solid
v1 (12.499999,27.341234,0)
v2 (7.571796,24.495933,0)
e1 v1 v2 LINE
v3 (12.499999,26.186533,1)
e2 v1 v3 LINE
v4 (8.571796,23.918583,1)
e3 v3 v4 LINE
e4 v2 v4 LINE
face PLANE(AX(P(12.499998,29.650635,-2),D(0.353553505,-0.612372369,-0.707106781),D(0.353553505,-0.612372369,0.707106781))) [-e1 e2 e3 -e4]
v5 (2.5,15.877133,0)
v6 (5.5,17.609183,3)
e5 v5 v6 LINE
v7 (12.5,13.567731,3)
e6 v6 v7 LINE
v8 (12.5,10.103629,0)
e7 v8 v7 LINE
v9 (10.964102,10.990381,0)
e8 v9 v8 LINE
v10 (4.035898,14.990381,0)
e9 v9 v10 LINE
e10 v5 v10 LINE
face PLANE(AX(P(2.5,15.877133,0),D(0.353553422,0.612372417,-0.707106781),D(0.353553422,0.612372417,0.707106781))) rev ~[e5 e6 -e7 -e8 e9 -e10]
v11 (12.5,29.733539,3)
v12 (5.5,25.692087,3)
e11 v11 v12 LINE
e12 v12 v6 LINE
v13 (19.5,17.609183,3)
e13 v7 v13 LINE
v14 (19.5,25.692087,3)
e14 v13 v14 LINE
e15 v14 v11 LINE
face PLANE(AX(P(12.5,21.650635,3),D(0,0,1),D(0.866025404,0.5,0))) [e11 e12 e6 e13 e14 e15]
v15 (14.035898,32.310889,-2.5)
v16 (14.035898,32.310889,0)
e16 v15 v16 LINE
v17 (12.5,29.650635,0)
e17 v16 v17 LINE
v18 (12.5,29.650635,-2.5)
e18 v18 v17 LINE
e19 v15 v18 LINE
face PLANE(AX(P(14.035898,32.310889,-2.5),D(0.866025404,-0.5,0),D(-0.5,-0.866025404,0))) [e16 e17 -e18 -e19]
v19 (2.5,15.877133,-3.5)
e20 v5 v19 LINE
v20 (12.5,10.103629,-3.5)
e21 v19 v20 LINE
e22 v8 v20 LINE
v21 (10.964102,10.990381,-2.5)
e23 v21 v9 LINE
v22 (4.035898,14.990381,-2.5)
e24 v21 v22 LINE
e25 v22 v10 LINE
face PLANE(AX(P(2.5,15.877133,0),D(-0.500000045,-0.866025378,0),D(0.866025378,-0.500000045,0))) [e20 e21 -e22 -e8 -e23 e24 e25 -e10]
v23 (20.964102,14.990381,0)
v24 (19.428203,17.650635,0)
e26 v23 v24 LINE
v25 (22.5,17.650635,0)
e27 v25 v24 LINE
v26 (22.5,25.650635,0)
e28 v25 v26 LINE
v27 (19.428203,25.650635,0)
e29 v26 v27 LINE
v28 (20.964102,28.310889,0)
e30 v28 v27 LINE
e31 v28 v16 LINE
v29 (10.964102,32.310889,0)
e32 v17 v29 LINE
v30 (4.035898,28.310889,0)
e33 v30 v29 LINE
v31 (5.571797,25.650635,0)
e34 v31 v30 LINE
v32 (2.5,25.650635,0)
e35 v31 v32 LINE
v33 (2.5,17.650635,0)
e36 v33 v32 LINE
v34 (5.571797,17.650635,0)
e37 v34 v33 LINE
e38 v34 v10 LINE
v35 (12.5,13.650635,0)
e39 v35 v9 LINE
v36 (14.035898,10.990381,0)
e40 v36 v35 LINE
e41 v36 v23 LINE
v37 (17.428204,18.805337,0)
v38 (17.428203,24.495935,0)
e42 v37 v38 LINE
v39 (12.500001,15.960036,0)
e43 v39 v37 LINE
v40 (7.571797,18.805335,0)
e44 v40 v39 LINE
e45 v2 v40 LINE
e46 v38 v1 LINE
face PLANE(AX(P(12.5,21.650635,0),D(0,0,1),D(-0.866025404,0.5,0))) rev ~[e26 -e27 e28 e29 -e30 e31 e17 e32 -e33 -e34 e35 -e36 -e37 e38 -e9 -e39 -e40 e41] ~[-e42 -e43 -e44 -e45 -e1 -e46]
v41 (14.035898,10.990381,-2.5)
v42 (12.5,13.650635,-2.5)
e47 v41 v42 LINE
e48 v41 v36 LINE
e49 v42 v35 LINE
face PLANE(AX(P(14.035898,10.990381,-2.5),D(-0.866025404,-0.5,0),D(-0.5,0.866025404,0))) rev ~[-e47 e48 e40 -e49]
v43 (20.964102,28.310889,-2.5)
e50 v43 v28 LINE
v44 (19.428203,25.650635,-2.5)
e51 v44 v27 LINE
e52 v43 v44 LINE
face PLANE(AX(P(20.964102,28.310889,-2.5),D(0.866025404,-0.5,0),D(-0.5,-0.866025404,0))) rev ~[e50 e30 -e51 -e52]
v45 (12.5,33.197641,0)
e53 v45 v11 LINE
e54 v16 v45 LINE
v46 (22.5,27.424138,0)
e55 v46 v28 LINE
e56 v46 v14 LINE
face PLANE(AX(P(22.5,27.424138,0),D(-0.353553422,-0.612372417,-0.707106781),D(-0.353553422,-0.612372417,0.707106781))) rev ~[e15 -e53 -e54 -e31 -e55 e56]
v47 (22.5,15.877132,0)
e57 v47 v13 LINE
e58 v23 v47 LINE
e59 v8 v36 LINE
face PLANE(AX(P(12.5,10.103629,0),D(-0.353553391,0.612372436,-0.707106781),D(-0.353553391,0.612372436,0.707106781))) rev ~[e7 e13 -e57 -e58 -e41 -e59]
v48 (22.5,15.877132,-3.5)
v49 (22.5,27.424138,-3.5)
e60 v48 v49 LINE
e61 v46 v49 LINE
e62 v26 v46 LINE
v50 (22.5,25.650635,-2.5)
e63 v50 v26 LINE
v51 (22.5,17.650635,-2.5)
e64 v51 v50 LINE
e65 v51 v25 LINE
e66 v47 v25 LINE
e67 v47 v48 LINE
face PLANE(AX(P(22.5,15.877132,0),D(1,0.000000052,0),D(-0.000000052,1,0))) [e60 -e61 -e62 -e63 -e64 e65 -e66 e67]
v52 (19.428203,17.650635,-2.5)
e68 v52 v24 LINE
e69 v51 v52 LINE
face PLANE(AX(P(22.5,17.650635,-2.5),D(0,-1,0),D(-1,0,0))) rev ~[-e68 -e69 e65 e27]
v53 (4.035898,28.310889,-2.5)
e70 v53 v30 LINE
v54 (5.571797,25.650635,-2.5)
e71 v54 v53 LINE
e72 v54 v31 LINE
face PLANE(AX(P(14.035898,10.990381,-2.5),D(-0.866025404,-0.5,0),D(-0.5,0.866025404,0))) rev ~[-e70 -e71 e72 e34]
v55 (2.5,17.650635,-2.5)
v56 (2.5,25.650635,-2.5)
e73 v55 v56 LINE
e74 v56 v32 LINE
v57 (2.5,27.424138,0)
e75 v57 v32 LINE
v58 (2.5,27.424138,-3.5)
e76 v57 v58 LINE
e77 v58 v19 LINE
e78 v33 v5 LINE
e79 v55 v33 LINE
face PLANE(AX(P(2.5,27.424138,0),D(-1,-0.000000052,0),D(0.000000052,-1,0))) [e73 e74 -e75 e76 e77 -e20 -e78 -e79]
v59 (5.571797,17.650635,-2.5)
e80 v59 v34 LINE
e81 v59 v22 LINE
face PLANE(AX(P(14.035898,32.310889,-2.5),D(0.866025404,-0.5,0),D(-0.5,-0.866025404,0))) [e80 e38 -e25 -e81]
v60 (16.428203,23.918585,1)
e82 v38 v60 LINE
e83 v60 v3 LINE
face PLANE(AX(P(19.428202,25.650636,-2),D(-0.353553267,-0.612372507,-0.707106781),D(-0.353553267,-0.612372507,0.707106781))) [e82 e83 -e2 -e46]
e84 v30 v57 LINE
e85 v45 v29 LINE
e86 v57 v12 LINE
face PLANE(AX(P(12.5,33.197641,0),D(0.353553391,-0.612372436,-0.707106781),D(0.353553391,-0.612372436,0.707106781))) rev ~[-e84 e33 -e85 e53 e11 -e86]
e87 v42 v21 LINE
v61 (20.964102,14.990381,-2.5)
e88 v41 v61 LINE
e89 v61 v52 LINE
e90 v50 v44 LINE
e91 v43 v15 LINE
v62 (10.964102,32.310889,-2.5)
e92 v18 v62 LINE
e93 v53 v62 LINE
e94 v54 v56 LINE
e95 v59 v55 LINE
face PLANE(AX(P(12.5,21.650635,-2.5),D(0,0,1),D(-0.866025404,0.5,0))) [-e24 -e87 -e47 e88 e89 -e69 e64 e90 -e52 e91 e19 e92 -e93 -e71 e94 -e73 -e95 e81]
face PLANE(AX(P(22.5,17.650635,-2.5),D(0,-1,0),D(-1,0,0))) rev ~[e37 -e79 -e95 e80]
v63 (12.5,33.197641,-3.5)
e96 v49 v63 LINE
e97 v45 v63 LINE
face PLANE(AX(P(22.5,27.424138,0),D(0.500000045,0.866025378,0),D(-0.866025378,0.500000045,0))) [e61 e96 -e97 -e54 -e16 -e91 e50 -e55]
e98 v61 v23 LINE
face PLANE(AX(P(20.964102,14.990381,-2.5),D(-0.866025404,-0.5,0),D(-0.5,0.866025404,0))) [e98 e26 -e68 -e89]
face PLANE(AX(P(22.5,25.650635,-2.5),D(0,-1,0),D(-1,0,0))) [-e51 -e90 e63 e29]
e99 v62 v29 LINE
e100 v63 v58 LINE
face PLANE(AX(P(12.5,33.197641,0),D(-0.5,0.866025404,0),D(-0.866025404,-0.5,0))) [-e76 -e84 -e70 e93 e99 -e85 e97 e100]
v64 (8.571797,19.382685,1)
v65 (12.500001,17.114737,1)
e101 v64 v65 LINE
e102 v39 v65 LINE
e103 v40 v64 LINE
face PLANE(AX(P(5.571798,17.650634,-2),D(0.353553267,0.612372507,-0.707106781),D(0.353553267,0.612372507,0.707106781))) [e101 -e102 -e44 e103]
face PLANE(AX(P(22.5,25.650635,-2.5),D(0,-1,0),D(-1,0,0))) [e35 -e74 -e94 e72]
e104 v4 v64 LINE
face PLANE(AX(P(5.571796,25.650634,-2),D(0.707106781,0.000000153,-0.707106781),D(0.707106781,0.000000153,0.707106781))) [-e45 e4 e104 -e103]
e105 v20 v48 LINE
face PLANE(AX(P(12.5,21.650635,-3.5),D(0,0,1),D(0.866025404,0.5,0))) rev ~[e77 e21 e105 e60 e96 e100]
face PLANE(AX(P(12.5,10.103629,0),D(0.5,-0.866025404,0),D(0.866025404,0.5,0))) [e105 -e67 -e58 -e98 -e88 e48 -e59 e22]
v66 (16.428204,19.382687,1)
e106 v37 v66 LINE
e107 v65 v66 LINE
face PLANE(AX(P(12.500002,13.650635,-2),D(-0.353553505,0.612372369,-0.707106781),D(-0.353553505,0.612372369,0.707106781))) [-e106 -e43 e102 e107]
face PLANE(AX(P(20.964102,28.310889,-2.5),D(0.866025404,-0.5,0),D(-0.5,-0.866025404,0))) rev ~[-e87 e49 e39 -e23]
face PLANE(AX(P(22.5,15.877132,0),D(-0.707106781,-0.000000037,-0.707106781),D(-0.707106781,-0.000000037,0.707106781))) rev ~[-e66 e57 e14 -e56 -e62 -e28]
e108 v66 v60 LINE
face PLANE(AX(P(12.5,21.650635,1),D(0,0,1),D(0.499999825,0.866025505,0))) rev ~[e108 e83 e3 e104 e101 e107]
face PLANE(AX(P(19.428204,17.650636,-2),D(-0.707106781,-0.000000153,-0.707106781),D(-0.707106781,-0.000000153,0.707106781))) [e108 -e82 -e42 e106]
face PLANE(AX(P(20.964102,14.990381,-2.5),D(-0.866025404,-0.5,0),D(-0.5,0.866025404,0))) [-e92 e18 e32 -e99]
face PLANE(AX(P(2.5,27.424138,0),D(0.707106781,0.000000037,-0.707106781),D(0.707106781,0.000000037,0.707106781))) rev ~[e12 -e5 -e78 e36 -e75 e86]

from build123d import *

# Parameters (mm, degrees)
BOX001_W                    = 8
BOX001_H                    = 20
BOX001_DEPTH                = 2.5
ARRAY_COUNT                 = 3
ARRAY_ANGLE                 = 120
PAD_DEPTH                   = 3
PAD_TAPER                   = 45
PAD001_DEPTH                = 3.5
FUSION_PLACEMENT_ANGLE      = 30
BASEFEATURE_PLACEMENT_ANGLE = 30
POCKET_DEPTH                = 3
POCKET_TAPER                = 45
CUT_PLACEMENT_ANGLE         = 30


with BuildPart() as array:
    # Box001 → Box001 (new body)
    with BuildSketch(Plane(origin=(-4, -10, -2.5), x_dir=(1, 0, 0), z_dir=(0, 0, 1))):
        with Locations((4, 10)):
            Rectangle(BOX001_W, BOX001_H)
    extrude(amount=BOX001_DEPTH)

    # Array: Array ×3 about axis
    array_axis = Axis((0, 0, 0), (0, 0, 1))


with BuildPart() as array_1:
    add(array.part)
    for i in range(1, ARRAY_COUNT):
        add(array.part.rotate(array_axis, i * ARRAY_ANGLE / (ARRAY_COUNT - 1)))


with BuildPart() as pad:
    # Sketch → Pad (new body)
    with BuildSketch(Plane.XY):
        Polygon((-11.547005, 0), (-5.773503, -10), (5.773503, -10), (11.547005, 0), (5.773503, 10), (-5.773503, 10), align=None)
    extrude(amount=PAD_DEPTH, taper=PAD_TAPER)


with BuildPart() as cell001:
    # Pad001 base: copy of Pad
    add(pad.part)

    # Sketch → Pad001 (new body)
    with BuildSketch(Plane.XY):
        Polygon((-11.547005, 0), (-5.773503, -10), (5.773503, -10), (11.547005, 0), (5.773503, 10), (-5.773503, 10), align=None)
    extrude(amount=-PAD001_DEPTH)

    # Fusion: union Pad
    add(pad.part)


with BuildPart() as cell001_1:
    # Fusion placement: moved
    add(cell001.part.rotate(Axis((0, 0, 0), (0, 0, 1)), FUSION_PLACEMENT_ANGLE))


with BuildPart() as cell001_2:
    # BaseFeature placement: moved
    add(cell001_1.part.rotate(Axis((0, 0, 0), (0, 0, -1)), BASEFEATURE_PLACEMENT_ANGLE))

    # Sketch002 → Pocket (cut)
    with BuildSketch(Plane(origin=(0, 0, -2), x_dir=(0.866025, 0.5, 0), z_dir=(0, 0, 1))):
        Polygon((0, 8), (-6.928203, 4), (-6.928203, -4), (0, -8), (6.928203, -4), (6.928203, 4), align=None)
    extrude(amount=POCKET_DEPTH, taper=POCKET_TAPER, mode=Mode.SUBTRACT)

    # Cut: cut Array
    add(array_1.part, mode=Mode.SUBTRACT)


with BuildPart() as cell001_3:
    # Cut placement: moved
    add(cell001_2.part.rotate(Axis((0, 0, 0), (0, 0, 1)), CUT_PLACEMENT_ANGLE))


with BuildPart() as cell001_4:
    # Clone placement: moved
    add(cell001_3.part.moved(Location((12.5, 21.650635, 0))))


solid = cell001_4.part
